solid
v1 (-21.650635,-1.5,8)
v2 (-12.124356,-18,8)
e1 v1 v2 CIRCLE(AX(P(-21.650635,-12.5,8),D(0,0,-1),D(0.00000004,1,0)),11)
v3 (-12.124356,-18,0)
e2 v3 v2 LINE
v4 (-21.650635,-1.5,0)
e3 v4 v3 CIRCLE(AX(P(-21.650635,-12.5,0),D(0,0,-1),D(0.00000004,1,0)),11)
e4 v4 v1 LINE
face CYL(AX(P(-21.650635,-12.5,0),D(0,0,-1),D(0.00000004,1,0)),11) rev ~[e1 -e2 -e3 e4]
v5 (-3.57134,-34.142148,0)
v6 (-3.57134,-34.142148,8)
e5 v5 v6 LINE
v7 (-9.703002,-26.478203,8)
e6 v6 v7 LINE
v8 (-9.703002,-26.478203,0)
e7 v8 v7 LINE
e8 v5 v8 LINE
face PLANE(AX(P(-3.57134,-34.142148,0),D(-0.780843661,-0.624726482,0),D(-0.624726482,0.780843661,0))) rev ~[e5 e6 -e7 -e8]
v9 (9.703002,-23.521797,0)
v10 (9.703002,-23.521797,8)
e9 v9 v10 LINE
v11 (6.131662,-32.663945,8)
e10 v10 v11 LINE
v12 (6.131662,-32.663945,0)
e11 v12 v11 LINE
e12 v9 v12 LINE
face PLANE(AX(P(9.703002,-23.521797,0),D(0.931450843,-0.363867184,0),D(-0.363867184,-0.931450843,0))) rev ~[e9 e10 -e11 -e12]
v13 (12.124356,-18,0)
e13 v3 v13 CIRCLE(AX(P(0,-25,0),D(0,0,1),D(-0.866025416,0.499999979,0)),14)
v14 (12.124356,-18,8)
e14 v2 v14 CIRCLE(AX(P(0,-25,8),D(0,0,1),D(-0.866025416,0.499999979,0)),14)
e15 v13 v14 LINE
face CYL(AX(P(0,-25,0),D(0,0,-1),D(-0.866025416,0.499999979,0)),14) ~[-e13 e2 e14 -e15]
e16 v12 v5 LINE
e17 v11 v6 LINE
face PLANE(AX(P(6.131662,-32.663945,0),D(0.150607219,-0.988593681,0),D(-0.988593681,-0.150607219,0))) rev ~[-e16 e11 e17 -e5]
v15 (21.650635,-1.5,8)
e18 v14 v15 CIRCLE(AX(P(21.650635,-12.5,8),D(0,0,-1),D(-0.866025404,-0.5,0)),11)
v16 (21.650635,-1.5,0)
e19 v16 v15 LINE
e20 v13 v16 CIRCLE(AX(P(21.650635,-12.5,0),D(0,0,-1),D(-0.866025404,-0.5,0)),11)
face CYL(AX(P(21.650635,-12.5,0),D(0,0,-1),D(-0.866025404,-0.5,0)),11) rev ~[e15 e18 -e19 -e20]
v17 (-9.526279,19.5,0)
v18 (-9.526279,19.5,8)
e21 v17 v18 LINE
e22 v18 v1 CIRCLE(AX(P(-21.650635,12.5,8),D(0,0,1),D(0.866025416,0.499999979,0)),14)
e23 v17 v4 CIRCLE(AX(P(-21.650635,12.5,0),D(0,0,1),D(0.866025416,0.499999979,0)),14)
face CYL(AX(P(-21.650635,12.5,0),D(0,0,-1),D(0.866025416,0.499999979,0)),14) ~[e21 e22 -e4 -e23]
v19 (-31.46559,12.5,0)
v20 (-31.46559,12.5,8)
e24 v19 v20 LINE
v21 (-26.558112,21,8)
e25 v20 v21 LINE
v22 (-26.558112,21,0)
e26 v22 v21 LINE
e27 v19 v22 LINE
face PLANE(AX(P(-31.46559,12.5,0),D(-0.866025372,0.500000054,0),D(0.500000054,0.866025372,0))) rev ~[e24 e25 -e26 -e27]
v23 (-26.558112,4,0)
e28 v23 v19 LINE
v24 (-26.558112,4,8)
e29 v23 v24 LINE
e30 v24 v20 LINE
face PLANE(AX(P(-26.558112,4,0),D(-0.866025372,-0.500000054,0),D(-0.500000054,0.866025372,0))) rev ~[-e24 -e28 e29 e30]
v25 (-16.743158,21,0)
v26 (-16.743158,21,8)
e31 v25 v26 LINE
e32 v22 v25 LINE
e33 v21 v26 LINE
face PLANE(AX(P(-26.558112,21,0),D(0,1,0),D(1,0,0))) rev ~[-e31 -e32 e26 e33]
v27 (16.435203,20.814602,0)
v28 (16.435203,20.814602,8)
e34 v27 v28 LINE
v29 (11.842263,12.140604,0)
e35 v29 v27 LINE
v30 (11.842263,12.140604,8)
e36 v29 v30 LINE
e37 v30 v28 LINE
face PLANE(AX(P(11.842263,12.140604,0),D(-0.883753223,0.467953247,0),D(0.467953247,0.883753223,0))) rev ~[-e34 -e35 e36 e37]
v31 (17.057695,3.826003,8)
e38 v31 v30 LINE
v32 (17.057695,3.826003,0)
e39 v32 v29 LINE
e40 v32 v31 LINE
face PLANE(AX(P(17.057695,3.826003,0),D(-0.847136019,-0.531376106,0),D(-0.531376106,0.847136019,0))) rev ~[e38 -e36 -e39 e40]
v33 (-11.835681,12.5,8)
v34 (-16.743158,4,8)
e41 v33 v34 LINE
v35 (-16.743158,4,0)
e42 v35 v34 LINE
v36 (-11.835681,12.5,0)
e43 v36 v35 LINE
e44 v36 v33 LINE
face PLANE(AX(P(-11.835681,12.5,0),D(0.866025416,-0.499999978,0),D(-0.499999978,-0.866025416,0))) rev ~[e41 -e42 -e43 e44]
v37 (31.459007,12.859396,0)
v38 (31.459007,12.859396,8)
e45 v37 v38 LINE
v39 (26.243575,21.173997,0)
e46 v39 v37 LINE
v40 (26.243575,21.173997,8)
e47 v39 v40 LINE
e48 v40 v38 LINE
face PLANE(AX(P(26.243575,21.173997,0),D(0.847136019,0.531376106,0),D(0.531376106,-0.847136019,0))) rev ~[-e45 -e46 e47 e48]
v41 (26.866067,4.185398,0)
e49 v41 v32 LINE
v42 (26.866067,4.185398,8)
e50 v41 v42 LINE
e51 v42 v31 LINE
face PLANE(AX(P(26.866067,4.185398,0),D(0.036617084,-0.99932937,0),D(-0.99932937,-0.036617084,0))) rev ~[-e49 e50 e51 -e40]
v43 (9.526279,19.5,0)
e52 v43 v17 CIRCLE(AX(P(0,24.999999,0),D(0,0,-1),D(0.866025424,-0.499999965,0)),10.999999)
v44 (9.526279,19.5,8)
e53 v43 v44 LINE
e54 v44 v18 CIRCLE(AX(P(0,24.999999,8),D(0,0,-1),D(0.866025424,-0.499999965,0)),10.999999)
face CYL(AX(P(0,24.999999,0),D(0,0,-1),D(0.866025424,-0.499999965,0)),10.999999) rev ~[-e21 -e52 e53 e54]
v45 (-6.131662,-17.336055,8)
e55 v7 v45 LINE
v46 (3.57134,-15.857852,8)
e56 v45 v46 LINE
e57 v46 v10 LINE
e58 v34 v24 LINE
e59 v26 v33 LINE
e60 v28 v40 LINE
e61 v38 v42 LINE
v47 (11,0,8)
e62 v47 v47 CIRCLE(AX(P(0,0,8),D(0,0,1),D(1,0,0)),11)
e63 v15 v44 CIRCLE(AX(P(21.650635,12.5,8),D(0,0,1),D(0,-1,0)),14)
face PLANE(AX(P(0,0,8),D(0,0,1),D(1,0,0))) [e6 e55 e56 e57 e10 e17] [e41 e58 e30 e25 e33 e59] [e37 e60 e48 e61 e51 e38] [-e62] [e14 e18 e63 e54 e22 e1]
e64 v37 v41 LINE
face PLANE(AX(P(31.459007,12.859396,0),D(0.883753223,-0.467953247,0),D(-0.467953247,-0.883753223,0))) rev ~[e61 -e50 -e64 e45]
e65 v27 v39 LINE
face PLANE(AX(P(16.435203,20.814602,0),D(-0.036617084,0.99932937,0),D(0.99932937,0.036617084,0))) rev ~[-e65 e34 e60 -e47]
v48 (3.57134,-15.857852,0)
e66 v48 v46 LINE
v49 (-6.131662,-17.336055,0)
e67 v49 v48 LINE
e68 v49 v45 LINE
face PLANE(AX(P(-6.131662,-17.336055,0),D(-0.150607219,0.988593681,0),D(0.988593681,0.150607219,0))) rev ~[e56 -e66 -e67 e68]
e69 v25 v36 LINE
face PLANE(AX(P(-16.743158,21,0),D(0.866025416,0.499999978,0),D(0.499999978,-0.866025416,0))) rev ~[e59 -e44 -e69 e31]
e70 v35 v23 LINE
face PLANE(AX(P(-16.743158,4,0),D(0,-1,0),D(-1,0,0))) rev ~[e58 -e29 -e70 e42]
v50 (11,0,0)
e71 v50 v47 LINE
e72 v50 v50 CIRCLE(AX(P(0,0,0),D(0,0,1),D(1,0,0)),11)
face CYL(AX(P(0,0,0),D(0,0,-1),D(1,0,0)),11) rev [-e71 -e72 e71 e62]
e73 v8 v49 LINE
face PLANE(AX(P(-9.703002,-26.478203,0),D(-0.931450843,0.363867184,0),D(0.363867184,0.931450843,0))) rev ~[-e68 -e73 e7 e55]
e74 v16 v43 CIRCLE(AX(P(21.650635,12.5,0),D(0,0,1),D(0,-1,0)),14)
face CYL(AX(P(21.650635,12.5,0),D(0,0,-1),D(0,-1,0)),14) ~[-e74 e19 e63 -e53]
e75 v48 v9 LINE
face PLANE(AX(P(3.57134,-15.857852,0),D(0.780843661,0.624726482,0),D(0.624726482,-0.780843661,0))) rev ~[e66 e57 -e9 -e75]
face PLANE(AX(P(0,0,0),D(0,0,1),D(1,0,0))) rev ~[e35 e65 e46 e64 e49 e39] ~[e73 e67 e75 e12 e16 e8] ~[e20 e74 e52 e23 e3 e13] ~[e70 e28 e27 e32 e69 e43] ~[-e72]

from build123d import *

# Parameters (mm, degrees)
F0_R     = 11
F1_DEPTH = 8


with BuildPart() as f1:
    # F0 (on Top) → F1 (new body)
    with BuildSketch(Plane.XY):
        with BuildLine():
            ThreePointArc((9.526279, 19.5), (0, 14), (-9.526279, 19.5))
            ThreePointArc((-9.526279, 19.5), (-33.774991, 19.5), (-21.650635, -1.5))
            ThreePointArc((-21.650635, -1.5), (-12.124356, -7), (-12.124356, -18))
            ThreePointArc((-12.124356, -18), (0, -39), (12.124356, -18))
            ThreePointArc((12.124356, -18), (12.124356, -7), (21.650635, -1.5))
            ThreePointArc((21.650635, -1.5), (33.774991, 19.5), (9.526279, 19.5))
        make_face()
        Polygon((3.57134, -15.857852), (9.703002, -23.521797), (6.131662, -32.663945), (-3.57134, -34.142148), (-9.703002, -26.478203), (-6.131662, -17.336055), align=None, mode=Mode.SUBTRACT)
        Polygon((-16.743158, 21), (-11.835681, 12.5), (-16.743158, 4), (-26.558112, 4), (-31.46559, 12.5), (-26.558112, 21), align=None, mode=Mode.SUBTRACT)
        Circle(F0_R, mode=Mode.SUBTRACT)
        Polygon((16.435203, 20.814602), (26.243575, 21.173997), (31.459007, 12.859396), (26.866067, 4.185398), (17.057695, 3.826003), (11.842263, 12.140604), align=None, mode=Mode.SUBTRACT)
    extrude(amount=F1_DEPTH)


solid = f1.part
